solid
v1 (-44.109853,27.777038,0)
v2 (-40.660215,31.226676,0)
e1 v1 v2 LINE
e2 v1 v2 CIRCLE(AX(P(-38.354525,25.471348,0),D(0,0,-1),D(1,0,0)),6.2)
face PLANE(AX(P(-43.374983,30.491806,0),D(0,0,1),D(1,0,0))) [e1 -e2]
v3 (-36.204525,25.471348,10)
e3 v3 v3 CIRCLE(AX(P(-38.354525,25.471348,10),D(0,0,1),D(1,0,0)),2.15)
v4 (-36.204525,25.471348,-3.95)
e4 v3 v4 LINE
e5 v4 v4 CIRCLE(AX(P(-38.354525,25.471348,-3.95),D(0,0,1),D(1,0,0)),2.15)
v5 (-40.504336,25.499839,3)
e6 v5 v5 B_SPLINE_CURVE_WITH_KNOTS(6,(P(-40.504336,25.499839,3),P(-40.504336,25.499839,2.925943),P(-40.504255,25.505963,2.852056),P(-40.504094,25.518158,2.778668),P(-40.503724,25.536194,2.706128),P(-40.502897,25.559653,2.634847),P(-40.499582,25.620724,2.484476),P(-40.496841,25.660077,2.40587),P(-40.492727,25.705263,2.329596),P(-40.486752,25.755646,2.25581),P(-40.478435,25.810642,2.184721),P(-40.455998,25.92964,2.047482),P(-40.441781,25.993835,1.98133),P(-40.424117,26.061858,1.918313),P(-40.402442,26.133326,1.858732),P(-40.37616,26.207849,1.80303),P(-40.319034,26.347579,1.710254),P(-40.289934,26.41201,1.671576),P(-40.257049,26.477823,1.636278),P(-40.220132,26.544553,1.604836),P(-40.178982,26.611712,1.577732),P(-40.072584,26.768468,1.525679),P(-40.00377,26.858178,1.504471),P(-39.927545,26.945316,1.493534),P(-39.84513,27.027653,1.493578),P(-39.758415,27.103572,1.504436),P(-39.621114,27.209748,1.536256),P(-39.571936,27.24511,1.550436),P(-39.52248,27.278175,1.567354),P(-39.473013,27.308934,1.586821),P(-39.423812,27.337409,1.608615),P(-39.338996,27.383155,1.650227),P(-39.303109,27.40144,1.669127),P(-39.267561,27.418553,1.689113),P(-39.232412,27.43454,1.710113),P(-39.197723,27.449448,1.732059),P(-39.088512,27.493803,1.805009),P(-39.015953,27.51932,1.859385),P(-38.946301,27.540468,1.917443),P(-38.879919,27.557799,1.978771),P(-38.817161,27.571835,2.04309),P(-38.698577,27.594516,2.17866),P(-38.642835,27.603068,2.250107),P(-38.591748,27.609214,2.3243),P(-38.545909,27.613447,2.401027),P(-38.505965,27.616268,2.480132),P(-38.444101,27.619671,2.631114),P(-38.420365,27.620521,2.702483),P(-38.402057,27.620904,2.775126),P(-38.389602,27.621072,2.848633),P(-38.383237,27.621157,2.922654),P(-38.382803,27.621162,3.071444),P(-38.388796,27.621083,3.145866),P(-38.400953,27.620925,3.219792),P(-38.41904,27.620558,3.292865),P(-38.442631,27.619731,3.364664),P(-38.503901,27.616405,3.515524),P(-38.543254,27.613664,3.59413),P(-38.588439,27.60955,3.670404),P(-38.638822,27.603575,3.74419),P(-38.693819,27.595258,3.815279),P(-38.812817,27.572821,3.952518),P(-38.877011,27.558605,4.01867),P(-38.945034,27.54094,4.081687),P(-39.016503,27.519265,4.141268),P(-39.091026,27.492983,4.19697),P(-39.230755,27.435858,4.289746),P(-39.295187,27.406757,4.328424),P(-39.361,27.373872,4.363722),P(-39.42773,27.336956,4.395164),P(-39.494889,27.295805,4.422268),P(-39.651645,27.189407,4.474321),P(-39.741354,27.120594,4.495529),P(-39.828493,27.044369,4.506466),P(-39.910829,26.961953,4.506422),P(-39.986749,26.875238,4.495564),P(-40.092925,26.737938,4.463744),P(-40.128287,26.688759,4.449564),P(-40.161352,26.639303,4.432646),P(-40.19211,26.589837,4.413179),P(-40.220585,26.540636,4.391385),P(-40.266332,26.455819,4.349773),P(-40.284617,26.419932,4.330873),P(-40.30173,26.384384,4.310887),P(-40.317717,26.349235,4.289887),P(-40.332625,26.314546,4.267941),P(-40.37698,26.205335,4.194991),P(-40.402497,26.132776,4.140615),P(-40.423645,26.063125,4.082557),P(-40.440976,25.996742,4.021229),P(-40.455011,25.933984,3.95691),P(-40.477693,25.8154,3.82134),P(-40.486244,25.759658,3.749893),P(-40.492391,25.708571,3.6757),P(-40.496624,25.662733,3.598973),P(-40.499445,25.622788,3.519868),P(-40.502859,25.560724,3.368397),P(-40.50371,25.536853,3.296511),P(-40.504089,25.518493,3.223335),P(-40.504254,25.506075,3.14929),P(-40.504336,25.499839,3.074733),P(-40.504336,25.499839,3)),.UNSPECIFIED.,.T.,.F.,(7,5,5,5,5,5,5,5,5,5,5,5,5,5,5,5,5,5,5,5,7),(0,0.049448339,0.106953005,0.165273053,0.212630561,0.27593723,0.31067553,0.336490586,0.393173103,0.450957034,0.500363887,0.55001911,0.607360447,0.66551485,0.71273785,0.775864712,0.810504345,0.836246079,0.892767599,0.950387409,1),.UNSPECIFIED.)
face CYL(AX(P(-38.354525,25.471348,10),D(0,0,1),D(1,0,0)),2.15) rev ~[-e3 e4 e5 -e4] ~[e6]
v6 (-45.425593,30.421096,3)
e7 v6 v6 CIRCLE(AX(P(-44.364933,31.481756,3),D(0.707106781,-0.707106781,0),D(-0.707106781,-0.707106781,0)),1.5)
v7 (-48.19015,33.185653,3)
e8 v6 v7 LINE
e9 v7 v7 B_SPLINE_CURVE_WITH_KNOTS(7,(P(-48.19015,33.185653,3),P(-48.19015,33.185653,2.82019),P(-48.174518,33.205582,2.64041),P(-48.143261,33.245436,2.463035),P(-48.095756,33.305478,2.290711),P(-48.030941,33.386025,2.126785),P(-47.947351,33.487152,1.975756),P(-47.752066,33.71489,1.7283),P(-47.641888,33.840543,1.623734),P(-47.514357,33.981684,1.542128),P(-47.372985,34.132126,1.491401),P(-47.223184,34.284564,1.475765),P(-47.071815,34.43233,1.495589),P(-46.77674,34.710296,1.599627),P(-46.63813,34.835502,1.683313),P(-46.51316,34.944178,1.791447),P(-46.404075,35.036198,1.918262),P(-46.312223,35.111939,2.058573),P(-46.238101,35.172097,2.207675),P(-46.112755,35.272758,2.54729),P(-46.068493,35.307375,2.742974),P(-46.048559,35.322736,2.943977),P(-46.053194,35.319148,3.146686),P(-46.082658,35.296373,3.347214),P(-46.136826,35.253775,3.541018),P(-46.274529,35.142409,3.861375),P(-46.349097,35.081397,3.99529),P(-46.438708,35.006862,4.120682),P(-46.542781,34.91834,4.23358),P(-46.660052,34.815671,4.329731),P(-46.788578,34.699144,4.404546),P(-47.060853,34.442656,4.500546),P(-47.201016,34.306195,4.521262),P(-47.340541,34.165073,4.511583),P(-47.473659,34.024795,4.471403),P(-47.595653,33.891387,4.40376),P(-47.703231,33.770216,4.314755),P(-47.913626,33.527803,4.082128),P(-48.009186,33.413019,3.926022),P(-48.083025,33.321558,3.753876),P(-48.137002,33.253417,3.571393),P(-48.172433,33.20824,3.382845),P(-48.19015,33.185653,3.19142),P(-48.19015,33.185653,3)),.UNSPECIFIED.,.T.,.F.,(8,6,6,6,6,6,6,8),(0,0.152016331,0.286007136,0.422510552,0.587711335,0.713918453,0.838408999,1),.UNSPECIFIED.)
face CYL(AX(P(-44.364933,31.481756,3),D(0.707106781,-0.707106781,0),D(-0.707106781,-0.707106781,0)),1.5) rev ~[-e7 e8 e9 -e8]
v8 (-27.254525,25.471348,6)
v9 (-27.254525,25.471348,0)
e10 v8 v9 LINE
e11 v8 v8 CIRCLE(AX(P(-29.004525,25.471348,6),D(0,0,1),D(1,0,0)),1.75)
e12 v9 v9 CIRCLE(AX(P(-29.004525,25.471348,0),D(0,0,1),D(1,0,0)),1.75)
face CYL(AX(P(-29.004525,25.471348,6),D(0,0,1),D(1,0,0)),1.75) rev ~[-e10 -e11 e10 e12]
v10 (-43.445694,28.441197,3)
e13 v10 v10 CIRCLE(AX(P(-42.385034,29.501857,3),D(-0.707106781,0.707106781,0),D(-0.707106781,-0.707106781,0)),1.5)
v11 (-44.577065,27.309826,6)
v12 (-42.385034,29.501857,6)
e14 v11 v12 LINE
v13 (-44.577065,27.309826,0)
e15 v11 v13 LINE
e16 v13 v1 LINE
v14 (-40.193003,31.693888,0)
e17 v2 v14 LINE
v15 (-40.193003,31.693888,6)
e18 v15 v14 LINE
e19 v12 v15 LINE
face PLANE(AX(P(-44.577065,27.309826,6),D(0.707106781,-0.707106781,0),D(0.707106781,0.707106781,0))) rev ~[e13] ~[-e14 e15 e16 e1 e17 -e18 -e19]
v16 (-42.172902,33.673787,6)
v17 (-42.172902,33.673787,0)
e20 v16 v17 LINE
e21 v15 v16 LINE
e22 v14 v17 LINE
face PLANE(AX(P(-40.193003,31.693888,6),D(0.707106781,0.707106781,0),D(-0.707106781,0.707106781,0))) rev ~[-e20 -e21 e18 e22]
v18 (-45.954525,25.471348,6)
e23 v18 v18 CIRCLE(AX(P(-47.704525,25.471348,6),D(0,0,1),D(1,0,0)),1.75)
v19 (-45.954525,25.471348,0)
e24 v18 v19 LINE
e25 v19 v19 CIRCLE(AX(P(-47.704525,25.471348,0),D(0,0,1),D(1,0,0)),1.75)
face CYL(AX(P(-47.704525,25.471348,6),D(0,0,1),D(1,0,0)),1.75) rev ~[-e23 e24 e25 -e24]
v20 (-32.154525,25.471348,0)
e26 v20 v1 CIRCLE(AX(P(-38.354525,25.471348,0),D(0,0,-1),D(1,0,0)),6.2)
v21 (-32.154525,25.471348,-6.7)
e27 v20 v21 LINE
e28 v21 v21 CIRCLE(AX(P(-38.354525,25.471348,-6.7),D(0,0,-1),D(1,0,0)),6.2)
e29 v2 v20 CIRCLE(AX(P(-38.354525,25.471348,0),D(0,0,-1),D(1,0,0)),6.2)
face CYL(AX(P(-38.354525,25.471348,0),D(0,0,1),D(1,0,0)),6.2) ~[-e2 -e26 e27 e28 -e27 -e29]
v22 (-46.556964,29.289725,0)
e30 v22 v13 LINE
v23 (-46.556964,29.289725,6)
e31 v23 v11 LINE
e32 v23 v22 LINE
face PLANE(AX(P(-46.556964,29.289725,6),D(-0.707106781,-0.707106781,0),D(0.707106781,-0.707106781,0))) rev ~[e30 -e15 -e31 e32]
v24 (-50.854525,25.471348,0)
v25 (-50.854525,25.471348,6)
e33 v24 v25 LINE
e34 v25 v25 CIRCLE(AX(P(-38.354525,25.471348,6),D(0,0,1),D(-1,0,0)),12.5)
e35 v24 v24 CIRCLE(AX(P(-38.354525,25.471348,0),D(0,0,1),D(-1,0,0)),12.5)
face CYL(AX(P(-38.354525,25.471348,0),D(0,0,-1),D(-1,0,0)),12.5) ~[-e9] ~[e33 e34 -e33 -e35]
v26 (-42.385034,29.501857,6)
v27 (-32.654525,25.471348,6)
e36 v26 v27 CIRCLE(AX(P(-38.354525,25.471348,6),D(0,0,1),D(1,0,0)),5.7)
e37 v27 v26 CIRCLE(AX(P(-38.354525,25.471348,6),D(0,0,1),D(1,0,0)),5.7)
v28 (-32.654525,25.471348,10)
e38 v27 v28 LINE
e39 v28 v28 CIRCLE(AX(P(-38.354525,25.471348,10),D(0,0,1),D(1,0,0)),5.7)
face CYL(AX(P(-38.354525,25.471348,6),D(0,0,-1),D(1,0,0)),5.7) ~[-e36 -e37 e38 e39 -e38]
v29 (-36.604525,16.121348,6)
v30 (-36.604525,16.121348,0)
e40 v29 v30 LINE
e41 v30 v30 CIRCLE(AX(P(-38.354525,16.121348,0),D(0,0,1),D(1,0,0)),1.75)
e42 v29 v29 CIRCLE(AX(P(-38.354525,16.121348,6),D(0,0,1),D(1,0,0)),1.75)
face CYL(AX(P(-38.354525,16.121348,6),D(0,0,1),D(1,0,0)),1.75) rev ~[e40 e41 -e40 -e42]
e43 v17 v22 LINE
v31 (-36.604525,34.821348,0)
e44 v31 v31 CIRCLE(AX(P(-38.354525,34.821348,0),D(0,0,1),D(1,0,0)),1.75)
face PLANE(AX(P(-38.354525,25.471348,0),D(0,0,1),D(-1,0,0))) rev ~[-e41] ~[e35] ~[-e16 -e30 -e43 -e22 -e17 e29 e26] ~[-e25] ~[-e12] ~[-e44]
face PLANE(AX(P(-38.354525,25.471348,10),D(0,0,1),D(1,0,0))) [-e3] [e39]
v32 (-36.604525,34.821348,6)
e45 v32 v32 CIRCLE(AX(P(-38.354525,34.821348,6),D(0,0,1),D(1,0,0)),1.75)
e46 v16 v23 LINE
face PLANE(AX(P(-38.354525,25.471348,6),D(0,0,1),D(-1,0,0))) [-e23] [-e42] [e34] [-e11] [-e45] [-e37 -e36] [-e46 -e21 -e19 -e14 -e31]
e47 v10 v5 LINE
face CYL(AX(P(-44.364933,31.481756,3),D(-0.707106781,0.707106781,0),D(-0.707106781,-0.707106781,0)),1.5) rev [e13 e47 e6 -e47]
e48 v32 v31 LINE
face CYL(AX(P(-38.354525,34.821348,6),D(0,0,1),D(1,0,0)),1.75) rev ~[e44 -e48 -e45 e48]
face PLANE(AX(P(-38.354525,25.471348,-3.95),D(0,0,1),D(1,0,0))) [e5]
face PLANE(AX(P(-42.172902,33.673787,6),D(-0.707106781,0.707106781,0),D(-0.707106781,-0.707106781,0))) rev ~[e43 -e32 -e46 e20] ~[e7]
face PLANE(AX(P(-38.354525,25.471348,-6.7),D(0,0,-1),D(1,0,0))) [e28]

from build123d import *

# Parameters (mm, degrees)
ESBO_O1_R                         = 12.5
RESSALTO_EXTRUS_O1_DEPTH          = 6
ESBO_O5_R                         = 6.2
RESSALTO_EXTRUS_O2_DEPTH          = 6.7
ESBO_O6_R                         = 5.7
RESSALTO_EXTRUS_O3_DEPTH          = 4
ESBO_O7_R                         = 2.15
CORTE_EXTRUS_O1_DEPTH             = 13.95
ESBO_O10_R                        = 1.75
CORTE_EXTRUS_O2_DEPTH             = 65.724771281
CORTE_EXTRUS_O3_DEPTH             = 6
CORTE_EXTRUS_O4_REACH             = 31.83
ESBO_O12_R                        = 1.5
CORTE_EXTRUS_O4_DIRECTION_2_REACH = 31.83


with BuildPart() as part:
    # Esboço1 → Ressalto-extrusão1 (new body)
    with BuildSketch(Plane.XY):
        with Locations(Location((-38.354525113, 25.471348315, 0), (0, 0, 180))):
            Circle(ESBO_O1_R)
    extrude(amount=RESSALTO_EXTRUS_O1_DEPTH)

    # Esboço5 → Ressalto-extrusão2 (add)
    with BuildSketch(Plane(origin=(0, 0, 0), x_dir=(-1, 0, 0), z_dir=(0, 0, -1))):
        with Locations(Location((38.354525113, 25.471348315, 0), (0, 0, 180))):
            Circle(ESBO_O5_R)
    extrude(amount=RESSALTO_EXTRUS_O2_DEPTH)

    # Esboço6 → Ressalto-extrusão3 (add)
    with BuildSketch(Plane.XY.offset(6)):
        with Locations((-38.354525113, 25.471348315)):
            Circle(ESBO_O6_R)
    extrude(amount=RESSALTO_EXTRUS_O3_DEPTH)

    # Esboço7 → Corte-extrusão1 (cut)
    with BuildSketch(Plane.XY.offset(10)):
        with Locations((-38.354525113, 25.471348315)):
            Circle(ESBO_O7_R)
    extrude(amount=-CORTE_EXTRUS_O1_DEPTH, mode=Mode.SUBTRACT)

    # Esboço10 → Corte-extrusão2 (cut, through all)
    with BuildSketch(Plane.XY.offset(6)):
        with Locations((-38.354525113, 34.821348315)):
            Circle(ESBO_O10_R)
        with Locations((-38.354525113, 16.121348315)):
            Circle(ESBO_O10_R)
        with Locations((-29.004525113, 25.471348315)):
            Circle(ESBO_O10_R)
        with Locations((-47.704525113, 25.471348315)):
            Circle(ESBO_O10_R)
    extrude(amount=-CORTE_EXTRUS_O2_DEPTH, mode=Mode.SUBTRACT)

    # Esboço9 → Corte-extrusão3 (cut)
    with BuildSketch(Plane.XY.offset(6)):
        Polygon((-44.577064788, 27.309825946), (-40.193002744, 31.693887989), (-42.172901732, 33.673786976), (-46.556963775, 29.289724933), align=None)
    extrude(amount=-CORTE_EXTRUS_O3_DEPTH, mode=Mode.SUBTRACT)

    # Esboço12 → Corte-extrusão4 (cut, up to next)
    with BuildSketch(Plane(origin=(-37.923344354, 37.923344354, 0), x_dir=(0, 0, -1), z_dir=(0.7071067811865457, -0.7071067811865493, 0)), mode=Mode.PRIVATE) as corte_extrus_o4_sk1:
        with Locations(Location((-3, -9.109781678, 0), (0, 0, 270))):
            Circle(ESBO_O12_R)
    corte_extrus_o4_tool1 = extrude(corte_extrus_o4_sk1.sketch, amount=-CORTE_EXTRUS_O4_REACH, mode=Mode.PRIVATE) & part.part
    add(corte_extrus_o4_tool1.solids().sort_by_distance((-44.364933, 31.481756, 3))[0], mode=Mode.SUBTRACT)

    # Esboço12 → Corte-extrusão4 direction 2 (cut, up to next)
    with BuildSketch(Plane(origin=(-37.923344354, 37.923344354, 0), x_dir=(0, 0, -1), z_dir=(0.7071067811865457, -0.7071067811865493, 0)), mode=Mode.PRIVATE) as corte_extrus_o4_direction_2_sk1:
        with Locations(Location((-3, -9.109781678, 0), (0, 0, 270))):
            Circle(ESBO_O12_R)
    corte_extrus_o4_direction_2_tool1 = extrude(corte_extrus_o4_direction_2_sk1.sketch, amount=CORTE_EXTRUS_O4_DIRECTION_2_REACH, mode=Mode.PRIVATE) & part.part
    add(corte_extrus_o4_direction_2_tool1.solids().sort_by_distance((-44.364933, 31.481756, 3))[0], mode=Mode.SUBTRACT)


solid = part.part
